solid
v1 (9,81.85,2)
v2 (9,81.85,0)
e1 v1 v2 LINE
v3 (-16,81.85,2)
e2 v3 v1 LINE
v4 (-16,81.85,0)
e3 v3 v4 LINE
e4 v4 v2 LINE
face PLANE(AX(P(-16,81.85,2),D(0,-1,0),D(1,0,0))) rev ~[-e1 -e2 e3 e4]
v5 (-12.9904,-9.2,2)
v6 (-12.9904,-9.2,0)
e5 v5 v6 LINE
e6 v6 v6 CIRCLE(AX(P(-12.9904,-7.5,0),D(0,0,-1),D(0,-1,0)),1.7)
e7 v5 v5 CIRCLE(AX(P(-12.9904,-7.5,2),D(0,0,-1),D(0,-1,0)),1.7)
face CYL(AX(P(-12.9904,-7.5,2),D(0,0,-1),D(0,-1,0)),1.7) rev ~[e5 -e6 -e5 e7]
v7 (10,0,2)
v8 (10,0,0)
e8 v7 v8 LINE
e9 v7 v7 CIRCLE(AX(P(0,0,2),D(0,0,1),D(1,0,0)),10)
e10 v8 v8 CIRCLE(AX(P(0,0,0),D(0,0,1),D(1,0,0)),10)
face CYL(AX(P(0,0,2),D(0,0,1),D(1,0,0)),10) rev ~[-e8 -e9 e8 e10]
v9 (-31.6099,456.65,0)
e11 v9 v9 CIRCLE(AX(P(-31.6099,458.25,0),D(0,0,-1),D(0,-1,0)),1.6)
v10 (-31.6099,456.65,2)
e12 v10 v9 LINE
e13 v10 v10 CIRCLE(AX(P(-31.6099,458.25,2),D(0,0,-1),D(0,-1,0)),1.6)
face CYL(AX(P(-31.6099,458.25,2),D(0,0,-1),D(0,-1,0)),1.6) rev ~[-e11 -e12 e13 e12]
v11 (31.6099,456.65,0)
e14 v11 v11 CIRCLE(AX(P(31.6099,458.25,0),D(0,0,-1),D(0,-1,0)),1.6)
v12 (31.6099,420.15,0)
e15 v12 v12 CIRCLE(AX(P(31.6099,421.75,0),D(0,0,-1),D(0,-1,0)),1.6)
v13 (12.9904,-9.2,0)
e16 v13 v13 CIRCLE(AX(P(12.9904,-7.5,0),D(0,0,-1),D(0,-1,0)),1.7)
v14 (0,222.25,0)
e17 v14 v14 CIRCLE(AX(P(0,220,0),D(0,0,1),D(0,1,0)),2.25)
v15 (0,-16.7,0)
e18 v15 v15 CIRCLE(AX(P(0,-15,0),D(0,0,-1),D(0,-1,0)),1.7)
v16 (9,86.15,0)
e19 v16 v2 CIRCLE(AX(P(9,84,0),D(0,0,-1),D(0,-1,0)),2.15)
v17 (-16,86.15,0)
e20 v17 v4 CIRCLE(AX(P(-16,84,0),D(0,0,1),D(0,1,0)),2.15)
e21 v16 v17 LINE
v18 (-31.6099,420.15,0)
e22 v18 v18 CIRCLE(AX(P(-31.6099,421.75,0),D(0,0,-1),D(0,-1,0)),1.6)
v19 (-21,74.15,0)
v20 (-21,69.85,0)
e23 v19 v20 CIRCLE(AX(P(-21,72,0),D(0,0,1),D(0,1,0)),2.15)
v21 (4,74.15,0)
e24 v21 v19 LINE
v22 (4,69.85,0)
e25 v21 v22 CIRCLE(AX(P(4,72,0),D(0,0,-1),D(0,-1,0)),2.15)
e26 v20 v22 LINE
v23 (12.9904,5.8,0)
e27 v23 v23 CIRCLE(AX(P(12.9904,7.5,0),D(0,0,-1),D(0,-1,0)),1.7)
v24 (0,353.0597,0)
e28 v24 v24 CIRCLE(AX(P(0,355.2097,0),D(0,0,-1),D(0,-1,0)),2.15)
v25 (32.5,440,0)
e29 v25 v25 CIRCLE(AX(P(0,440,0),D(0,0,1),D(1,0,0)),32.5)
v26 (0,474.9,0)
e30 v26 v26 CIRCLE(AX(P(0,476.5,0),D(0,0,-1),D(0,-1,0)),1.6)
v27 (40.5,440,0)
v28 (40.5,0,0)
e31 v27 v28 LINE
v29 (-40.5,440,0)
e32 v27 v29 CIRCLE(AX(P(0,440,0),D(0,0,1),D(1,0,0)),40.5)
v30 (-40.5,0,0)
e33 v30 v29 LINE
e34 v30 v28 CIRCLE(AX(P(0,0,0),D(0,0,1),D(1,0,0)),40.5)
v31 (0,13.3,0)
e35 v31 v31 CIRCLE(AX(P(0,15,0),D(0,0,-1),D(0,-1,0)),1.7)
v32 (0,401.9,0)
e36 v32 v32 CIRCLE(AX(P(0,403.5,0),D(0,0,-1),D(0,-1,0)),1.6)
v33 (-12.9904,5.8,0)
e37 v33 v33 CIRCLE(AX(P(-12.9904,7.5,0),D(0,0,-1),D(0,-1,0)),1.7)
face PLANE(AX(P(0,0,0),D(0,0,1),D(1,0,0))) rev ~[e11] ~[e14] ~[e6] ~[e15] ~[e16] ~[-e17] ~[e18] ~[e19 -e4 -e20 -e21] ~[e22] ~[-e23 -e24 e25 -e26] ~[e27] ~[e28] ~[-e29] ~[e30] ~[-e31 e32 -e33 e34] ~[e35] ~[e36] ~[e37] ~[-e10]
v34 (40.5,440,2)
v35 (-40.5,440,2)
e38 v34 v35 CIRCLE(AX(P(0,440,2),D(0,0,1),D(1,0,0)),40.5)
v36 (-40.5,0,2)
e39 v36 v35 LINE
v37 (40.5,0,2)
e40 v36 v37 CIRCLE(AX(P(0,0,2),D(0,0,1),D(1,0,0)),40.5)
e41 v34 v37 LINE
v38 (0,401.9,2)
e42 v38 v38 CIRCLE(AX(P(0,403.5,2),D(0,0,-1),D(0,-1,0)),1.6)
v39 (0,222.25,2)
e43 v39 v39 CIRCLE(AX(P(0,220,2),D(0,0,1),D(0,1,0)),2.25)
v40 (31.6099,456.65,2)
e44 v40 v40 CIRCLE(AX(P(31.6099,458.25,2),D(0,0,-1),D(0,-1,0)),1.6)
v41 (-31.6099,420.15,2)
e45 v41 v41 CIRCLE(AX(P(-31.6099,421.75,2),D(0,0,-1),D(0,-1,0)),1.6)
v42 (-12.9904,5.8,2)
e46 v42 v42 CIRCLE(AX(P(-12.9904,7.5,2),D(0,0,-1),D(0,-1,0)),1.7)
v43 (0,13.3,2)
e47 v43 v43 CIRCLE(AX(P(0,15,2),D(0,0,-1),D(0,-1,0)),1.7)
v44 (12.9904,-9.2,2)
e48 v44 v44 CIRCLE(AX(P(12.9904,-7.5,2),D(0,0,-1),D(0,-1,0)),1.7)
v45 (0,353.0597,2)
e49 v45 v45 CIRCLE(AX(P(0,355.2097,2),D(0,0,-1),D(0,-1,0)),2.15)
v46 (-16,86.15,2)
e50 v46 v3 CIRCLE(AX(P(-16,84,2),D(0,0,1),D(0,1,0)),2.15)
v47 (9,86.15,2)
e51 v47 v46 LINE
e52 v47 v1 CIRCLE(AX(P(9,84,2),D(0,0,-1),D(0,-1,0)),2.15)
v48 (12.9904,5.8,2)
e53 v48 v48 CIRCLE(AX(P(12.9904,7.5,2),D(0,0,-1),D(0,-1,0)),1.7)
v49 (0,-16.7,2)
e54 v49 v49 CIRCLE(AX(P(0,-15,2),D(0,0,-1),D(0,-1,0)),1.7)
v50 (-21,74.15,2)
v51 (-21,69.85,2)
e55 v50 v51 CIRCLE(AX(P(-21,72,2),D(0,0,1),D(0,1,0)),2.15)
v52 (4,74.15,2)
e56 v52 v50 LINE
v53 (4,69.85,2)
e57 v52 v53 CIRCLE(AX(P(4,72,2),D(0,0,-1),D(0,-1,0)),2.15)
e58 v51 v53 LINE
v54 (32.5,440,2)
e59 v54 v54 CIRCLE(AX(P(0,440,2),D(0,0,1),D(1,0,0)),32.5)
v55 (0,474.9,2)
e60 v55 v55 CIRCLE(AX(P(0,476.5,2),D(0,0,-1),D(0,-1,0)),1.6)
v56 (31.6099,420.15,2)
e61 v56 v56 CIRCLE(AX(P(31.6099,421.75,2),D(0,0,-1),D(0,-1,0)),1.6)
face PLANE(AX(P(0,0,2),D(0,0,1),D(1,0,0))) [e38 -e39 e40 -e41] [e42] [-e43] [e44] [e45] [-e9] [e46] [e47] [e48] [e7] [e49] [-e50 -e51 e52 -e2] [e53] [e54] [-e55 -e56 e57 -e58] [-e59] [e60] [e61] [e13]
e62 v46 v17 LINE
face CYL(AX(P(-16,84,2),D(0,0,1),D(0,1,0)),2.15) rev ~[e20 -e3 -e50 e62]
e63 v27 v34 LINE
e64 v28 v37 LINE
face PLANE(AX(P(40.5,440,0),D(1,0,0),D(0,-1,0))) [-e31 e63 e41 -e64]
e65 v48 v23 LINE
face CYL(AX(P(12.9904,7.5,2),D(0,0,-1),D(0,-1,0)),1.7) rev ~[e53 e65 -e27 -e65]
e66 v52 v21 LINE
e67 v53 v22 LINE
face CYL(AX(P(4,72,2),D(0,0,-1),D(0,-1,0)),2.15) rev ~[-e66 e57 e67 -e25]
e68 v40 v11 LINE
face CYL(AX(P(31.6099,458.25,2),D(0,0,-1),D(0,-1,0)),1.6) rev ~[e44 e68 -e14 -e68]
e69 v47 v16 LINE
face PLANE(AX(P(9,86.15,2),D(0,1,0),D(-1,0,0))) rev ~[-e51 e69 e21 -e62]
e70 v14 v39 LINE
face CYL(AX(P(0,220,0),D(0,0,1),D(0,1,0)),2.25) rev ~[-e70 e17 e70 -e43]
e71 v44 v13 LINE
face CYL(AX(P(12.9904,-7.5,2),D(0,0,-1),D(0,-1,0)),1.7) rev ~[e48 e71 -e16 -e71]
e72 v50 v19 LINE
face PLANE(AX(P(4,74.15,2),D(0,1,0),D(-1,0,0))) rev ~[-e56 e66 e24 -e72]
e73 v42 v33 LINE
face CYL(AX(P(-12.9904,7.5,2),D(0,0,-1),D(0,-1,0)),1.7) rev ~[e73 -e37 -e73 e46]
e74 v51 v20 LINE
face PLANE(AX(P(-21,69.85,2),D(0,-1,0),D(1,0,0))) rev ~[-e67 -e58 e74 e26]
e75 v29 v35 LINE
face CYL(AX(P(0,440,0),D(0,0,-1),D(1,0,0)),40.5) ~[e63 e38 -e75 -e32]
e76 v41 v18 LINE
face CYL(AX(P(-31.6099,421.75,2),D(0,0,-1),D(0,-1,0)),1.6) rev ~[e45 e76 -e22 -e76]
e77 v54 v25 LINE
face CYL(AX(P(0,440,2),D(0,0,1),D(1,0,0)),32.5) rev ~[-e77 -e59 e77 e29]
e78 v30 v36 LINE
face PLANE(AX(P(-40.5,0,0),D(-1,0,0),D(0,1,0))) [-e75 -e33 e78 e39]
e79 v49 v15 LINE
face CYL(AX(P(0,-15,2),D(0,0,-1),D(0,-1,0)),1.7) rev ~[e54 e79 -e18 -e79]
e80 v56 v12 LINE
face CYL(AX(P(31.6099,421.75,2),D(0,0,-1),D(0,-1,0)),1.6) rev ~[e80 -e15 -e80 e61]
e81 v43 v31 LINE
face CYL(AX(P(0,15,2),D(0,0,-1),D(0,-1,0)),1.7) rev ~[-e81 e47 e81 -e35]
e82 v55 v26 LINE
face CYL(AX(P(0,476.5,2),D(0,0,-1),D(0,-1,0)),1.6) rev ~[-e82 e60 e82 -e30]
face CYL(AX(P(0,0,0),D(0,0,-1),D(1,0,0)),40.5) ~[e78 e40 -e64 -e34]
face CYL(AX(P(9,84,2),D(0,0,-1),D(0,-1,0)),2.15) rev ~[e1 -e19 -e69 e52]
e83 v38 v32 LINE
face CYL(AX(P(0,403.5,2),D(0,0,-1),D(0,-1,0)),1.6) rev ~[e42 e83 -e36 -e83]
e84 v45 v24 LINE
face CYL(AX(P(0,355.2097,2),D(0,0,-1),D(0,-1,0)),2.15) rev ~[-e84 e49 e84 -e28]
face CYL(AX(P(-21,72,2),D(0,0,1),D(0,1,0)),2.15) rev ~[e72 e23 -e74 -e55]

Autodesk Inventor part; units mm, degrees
ref_plane "YZ Plane" through (0, 0, 0) normal (1, 0, 0) x (0, 1, 0)
ref_plane "XZ Plane" through (0, 0, 0) normal (0, 1, 0) x (-1, 0, 0)
ref_plane "XY Plane" through (0, 0, 0) normal (0, 0, 1) x (1, 0, 0)
sketch "スケッチ1" plane through (0, 0, 0) normal (0, 0, 1) x (1, 0, 0)
  circle A0 centre (0, 0) radius 40.5
  circle A1 centre (0, 440) radius 40.5
  line L0 (-40.5, 0) -> (-40.5, 440)
  line L1 (40.5, 440) -> (40.5, 0)
  dimension "d0" = 81
  dimension "d1" = 81
  dimension "d2" = 440
extrude "プレート1" add sketch "スケッチ1" along normal blind 2
sketch "スケッチ6" plane through (0, 0, 2) normal (0, 0, 1) x (1, 0, 0)
  arc A0 (40.5, 440) -> (-40.5, 440) centre (0, 440) ccw projected
  circle A1 centre (0, 440) radius 32.5
  point P0 (0, 0)
  dimension "d43" = 65
extrude "押し出し2" cut sketch "スケッチ6" against normal blind 10
sketch "スケッチ7" plane through (0, 0, 2) normal (0, 0, 1) x (1, 0, 0)
  arc A0 (40.5, 440) -> (-40.5, 440) centre (0, 440) ccw projected
  circle A1 centre (0, 440) radius 36.5
  point P0 (0, 0)
  point P1 (0, 476.5)
  point P2 (-31.6099, 458.25)
  point P3 (-31.6099, 421.75)
  point P4 (0, 403.5)
  point P5 (31.6099, 421.75)
  point P6 (31.6099, 458.25)
  dimension "d46" = 73
  dimension "d49" = 360
hole "穴4" at (0, 476.5, 2) at (-31.6099, 458.25, 2) at (-31.6099, 421.75, 2) at (0, 403.5, 2) at (31.6099, 421.75, 2) at (31.6099, 458.25, 2) direction (0, 0, -1) diameter 3.2 end through all clearance for "Socket Head Cap Screw" size "M3" standard "Ansi Metric M Profile"
sketch "スケッチ8" plane through (0, 0, 2) normal (0, 0, 1) x (1, 0, 0)
  arc A0 (40.5, 440) -> (-40.5, 440) centre (0, 440) ccw projected
  circle A1 centre (0, 440) radius 25
  line L0 (23.4923, 431.4495) -> (-32.7335, 276.9703)
  line L1 (-23.4923, 448.5505) -> (-36.9957, 411.4503)
  line L2 (0, 603.9) -> (0, -147.9) projected
  circle A2 centre (0, 355.2097) radius 4
  point P0 (0, 0)
  point P1 (4, 72)
  dimension "d92" = 50
  dimension "d93" = 20
  dimension "d94" = 8
  dimension "d102" = 0
  dimension "d140" = 72
  dimension "d141" = 4
hole "穴5" at (4, 72, 2) at (0, 355.2097, 2) direction (0, 0, -1) diameter 4.3 end through all clearance for "Socket Head Cap Screw" size "M4" standard "Ansi Metric M Profile"
sketch "スケッチ9" plane through (0, 0, 2) normal (0, 0, 1) x (1, 0, 0)
  circle A0 centre (0, 0) radius 67.5
  circle A1 centre (9, 84) radius 8
  arc A2 (40.5, 440) -> (-40.5, 440) centre (0, 440) ccw projected
  dimension "d69" = 84
  dimension "d79" = 135
  dimension "d80" = 16
  dimension "d144" = 9
hole "穴6" at (9, 84, 2) direction (0, 0, -1) diameter 4.3 end through all clearance for "Flat Head Machine Screw" size "M4" standard "Ansi Metric M Profile"
sketch "スケッチ13" plane through (0, 0, 2) normal (0, 0, 1) x (1, 0, 0)
  circle A0 centre (0, 0) radius 15
  point P0 (0, 15)
  point P1 (-12.9904, 7.5)
  point P2 (-12.9904, -7.5)
  point P3 (0, -15)
  point P4 (12.9904, -7.5)
  point P5 (12.9904, 7.5)
  dimension "d109" = 30
  dimension "d112" = 360
hole "穴8" at (0, 15, 2) at (-12.9904, 7.5, 2) at (-12.9904, -7.5, 2) at (0, -15, 2) at (12.9904, -7.5, 2) at (12.9904, 7.5, 2) direction (0, 0, -1) diameter 3.4 end through all clearance for "Flat Head Machine Screw" size "M3" standard "Ansi Metric M Profile"
sketch "スケッチ14" plane through (0, 0, 2) normal (0, 0, 1) x (1, 0, 0)
  circle A0 centre (0, 0) radius 10
  dimension "d121" = 20
extrude "押し出し5" cut sketch "スケッチ14" against normal blind 10
sketch "スケッチ15" plane through (0, 0, 2) normal (0, 0, 1) x (1, 0, 0)
  line L0 (-16, 84) -> (9, 84) construction
  line L1 (-16, 81.85) -> (9, 81.85)
  line L2 (9, 86.15) -> (-16, 86.15)
  arc A0 (-16, 86.15) -> (-16, 81.85) centre (-16, 84) ccw
  arc A1 (9, 81.85) -> (9, 86.15) centre (9, 84) ccw
  circle A2 centre (9, 84) radius 2.15 projected
  point P0 (0, 0)
  dimension "d142" = 25
extrude "押し出し6" cut sketch "スケッチ15" against normal blind 10
sketch "スケッチ17" plane through (0, 0, 0) normal (0, 0, -1) x (-1, 0, 0)
  point P0 (0, 0)
  point P1 (0, 220)
  dimension "d132" = 220
hole "穴9" at (0, 220, 0) direction (0, 0, 1) diameter 4.5 end through all clearance for "Flat Head Machine Screw" size "M4" standard "Ansi Metric M Profile"
sketch "スケッチ16" plane through (0, 0, 2) normal (0, 0, 1) x (1, 0, 0)
  line L0 (-21, 72) -> (4, 72) construction
  line L1 (-21, 69.85) -> (4, 69.85)
  line L2 (4, 74.15) -> (-21, 74.15)
  arc A0 (-21, 74.15) -> (-21, 69.85) centre (-21, 72) ccw
  arc A1 (4, 69.85) -> (4, 74.15) centre (4, 72) ccw
  circle A2 centre (4, 72) radius 2.15 projected
  point P0 (0, 0)
  point P1 (-8.5, 72)
  dimension "d143" = 21
extrude "押し出し7" cut sketch "スケッチ16" against normal blind 10
equation "\"d56\" = Thickness"
equation "\"d67\" = Thickness"
equation "\"d77\" = Thickness"
equation "\"d119\" = Thickness"
equation "\"d138\" = Thickness"
equation "\"d3\" = Thickness"
equation "\"BendRadius\" = Thickness"
equation "\"BendReliefWidth\" = Thickness"
equation "\"BendReliefDepth\" = 0.5 * Thickness"
equation "\"CornerReliefSize\" = 4 * Thickness"
equation "\"MinimumRemnant\" = 2 * Thickness"
equation "\"TransitionRadius\" = BendRadius"
equation "\"JacobiRadiusSize\" = Thickness"
equation "\"GapSize\" = Thickness"
equation "\"Thickness\" = 2"
properties part number "link2-plate1" material "CFRP"
